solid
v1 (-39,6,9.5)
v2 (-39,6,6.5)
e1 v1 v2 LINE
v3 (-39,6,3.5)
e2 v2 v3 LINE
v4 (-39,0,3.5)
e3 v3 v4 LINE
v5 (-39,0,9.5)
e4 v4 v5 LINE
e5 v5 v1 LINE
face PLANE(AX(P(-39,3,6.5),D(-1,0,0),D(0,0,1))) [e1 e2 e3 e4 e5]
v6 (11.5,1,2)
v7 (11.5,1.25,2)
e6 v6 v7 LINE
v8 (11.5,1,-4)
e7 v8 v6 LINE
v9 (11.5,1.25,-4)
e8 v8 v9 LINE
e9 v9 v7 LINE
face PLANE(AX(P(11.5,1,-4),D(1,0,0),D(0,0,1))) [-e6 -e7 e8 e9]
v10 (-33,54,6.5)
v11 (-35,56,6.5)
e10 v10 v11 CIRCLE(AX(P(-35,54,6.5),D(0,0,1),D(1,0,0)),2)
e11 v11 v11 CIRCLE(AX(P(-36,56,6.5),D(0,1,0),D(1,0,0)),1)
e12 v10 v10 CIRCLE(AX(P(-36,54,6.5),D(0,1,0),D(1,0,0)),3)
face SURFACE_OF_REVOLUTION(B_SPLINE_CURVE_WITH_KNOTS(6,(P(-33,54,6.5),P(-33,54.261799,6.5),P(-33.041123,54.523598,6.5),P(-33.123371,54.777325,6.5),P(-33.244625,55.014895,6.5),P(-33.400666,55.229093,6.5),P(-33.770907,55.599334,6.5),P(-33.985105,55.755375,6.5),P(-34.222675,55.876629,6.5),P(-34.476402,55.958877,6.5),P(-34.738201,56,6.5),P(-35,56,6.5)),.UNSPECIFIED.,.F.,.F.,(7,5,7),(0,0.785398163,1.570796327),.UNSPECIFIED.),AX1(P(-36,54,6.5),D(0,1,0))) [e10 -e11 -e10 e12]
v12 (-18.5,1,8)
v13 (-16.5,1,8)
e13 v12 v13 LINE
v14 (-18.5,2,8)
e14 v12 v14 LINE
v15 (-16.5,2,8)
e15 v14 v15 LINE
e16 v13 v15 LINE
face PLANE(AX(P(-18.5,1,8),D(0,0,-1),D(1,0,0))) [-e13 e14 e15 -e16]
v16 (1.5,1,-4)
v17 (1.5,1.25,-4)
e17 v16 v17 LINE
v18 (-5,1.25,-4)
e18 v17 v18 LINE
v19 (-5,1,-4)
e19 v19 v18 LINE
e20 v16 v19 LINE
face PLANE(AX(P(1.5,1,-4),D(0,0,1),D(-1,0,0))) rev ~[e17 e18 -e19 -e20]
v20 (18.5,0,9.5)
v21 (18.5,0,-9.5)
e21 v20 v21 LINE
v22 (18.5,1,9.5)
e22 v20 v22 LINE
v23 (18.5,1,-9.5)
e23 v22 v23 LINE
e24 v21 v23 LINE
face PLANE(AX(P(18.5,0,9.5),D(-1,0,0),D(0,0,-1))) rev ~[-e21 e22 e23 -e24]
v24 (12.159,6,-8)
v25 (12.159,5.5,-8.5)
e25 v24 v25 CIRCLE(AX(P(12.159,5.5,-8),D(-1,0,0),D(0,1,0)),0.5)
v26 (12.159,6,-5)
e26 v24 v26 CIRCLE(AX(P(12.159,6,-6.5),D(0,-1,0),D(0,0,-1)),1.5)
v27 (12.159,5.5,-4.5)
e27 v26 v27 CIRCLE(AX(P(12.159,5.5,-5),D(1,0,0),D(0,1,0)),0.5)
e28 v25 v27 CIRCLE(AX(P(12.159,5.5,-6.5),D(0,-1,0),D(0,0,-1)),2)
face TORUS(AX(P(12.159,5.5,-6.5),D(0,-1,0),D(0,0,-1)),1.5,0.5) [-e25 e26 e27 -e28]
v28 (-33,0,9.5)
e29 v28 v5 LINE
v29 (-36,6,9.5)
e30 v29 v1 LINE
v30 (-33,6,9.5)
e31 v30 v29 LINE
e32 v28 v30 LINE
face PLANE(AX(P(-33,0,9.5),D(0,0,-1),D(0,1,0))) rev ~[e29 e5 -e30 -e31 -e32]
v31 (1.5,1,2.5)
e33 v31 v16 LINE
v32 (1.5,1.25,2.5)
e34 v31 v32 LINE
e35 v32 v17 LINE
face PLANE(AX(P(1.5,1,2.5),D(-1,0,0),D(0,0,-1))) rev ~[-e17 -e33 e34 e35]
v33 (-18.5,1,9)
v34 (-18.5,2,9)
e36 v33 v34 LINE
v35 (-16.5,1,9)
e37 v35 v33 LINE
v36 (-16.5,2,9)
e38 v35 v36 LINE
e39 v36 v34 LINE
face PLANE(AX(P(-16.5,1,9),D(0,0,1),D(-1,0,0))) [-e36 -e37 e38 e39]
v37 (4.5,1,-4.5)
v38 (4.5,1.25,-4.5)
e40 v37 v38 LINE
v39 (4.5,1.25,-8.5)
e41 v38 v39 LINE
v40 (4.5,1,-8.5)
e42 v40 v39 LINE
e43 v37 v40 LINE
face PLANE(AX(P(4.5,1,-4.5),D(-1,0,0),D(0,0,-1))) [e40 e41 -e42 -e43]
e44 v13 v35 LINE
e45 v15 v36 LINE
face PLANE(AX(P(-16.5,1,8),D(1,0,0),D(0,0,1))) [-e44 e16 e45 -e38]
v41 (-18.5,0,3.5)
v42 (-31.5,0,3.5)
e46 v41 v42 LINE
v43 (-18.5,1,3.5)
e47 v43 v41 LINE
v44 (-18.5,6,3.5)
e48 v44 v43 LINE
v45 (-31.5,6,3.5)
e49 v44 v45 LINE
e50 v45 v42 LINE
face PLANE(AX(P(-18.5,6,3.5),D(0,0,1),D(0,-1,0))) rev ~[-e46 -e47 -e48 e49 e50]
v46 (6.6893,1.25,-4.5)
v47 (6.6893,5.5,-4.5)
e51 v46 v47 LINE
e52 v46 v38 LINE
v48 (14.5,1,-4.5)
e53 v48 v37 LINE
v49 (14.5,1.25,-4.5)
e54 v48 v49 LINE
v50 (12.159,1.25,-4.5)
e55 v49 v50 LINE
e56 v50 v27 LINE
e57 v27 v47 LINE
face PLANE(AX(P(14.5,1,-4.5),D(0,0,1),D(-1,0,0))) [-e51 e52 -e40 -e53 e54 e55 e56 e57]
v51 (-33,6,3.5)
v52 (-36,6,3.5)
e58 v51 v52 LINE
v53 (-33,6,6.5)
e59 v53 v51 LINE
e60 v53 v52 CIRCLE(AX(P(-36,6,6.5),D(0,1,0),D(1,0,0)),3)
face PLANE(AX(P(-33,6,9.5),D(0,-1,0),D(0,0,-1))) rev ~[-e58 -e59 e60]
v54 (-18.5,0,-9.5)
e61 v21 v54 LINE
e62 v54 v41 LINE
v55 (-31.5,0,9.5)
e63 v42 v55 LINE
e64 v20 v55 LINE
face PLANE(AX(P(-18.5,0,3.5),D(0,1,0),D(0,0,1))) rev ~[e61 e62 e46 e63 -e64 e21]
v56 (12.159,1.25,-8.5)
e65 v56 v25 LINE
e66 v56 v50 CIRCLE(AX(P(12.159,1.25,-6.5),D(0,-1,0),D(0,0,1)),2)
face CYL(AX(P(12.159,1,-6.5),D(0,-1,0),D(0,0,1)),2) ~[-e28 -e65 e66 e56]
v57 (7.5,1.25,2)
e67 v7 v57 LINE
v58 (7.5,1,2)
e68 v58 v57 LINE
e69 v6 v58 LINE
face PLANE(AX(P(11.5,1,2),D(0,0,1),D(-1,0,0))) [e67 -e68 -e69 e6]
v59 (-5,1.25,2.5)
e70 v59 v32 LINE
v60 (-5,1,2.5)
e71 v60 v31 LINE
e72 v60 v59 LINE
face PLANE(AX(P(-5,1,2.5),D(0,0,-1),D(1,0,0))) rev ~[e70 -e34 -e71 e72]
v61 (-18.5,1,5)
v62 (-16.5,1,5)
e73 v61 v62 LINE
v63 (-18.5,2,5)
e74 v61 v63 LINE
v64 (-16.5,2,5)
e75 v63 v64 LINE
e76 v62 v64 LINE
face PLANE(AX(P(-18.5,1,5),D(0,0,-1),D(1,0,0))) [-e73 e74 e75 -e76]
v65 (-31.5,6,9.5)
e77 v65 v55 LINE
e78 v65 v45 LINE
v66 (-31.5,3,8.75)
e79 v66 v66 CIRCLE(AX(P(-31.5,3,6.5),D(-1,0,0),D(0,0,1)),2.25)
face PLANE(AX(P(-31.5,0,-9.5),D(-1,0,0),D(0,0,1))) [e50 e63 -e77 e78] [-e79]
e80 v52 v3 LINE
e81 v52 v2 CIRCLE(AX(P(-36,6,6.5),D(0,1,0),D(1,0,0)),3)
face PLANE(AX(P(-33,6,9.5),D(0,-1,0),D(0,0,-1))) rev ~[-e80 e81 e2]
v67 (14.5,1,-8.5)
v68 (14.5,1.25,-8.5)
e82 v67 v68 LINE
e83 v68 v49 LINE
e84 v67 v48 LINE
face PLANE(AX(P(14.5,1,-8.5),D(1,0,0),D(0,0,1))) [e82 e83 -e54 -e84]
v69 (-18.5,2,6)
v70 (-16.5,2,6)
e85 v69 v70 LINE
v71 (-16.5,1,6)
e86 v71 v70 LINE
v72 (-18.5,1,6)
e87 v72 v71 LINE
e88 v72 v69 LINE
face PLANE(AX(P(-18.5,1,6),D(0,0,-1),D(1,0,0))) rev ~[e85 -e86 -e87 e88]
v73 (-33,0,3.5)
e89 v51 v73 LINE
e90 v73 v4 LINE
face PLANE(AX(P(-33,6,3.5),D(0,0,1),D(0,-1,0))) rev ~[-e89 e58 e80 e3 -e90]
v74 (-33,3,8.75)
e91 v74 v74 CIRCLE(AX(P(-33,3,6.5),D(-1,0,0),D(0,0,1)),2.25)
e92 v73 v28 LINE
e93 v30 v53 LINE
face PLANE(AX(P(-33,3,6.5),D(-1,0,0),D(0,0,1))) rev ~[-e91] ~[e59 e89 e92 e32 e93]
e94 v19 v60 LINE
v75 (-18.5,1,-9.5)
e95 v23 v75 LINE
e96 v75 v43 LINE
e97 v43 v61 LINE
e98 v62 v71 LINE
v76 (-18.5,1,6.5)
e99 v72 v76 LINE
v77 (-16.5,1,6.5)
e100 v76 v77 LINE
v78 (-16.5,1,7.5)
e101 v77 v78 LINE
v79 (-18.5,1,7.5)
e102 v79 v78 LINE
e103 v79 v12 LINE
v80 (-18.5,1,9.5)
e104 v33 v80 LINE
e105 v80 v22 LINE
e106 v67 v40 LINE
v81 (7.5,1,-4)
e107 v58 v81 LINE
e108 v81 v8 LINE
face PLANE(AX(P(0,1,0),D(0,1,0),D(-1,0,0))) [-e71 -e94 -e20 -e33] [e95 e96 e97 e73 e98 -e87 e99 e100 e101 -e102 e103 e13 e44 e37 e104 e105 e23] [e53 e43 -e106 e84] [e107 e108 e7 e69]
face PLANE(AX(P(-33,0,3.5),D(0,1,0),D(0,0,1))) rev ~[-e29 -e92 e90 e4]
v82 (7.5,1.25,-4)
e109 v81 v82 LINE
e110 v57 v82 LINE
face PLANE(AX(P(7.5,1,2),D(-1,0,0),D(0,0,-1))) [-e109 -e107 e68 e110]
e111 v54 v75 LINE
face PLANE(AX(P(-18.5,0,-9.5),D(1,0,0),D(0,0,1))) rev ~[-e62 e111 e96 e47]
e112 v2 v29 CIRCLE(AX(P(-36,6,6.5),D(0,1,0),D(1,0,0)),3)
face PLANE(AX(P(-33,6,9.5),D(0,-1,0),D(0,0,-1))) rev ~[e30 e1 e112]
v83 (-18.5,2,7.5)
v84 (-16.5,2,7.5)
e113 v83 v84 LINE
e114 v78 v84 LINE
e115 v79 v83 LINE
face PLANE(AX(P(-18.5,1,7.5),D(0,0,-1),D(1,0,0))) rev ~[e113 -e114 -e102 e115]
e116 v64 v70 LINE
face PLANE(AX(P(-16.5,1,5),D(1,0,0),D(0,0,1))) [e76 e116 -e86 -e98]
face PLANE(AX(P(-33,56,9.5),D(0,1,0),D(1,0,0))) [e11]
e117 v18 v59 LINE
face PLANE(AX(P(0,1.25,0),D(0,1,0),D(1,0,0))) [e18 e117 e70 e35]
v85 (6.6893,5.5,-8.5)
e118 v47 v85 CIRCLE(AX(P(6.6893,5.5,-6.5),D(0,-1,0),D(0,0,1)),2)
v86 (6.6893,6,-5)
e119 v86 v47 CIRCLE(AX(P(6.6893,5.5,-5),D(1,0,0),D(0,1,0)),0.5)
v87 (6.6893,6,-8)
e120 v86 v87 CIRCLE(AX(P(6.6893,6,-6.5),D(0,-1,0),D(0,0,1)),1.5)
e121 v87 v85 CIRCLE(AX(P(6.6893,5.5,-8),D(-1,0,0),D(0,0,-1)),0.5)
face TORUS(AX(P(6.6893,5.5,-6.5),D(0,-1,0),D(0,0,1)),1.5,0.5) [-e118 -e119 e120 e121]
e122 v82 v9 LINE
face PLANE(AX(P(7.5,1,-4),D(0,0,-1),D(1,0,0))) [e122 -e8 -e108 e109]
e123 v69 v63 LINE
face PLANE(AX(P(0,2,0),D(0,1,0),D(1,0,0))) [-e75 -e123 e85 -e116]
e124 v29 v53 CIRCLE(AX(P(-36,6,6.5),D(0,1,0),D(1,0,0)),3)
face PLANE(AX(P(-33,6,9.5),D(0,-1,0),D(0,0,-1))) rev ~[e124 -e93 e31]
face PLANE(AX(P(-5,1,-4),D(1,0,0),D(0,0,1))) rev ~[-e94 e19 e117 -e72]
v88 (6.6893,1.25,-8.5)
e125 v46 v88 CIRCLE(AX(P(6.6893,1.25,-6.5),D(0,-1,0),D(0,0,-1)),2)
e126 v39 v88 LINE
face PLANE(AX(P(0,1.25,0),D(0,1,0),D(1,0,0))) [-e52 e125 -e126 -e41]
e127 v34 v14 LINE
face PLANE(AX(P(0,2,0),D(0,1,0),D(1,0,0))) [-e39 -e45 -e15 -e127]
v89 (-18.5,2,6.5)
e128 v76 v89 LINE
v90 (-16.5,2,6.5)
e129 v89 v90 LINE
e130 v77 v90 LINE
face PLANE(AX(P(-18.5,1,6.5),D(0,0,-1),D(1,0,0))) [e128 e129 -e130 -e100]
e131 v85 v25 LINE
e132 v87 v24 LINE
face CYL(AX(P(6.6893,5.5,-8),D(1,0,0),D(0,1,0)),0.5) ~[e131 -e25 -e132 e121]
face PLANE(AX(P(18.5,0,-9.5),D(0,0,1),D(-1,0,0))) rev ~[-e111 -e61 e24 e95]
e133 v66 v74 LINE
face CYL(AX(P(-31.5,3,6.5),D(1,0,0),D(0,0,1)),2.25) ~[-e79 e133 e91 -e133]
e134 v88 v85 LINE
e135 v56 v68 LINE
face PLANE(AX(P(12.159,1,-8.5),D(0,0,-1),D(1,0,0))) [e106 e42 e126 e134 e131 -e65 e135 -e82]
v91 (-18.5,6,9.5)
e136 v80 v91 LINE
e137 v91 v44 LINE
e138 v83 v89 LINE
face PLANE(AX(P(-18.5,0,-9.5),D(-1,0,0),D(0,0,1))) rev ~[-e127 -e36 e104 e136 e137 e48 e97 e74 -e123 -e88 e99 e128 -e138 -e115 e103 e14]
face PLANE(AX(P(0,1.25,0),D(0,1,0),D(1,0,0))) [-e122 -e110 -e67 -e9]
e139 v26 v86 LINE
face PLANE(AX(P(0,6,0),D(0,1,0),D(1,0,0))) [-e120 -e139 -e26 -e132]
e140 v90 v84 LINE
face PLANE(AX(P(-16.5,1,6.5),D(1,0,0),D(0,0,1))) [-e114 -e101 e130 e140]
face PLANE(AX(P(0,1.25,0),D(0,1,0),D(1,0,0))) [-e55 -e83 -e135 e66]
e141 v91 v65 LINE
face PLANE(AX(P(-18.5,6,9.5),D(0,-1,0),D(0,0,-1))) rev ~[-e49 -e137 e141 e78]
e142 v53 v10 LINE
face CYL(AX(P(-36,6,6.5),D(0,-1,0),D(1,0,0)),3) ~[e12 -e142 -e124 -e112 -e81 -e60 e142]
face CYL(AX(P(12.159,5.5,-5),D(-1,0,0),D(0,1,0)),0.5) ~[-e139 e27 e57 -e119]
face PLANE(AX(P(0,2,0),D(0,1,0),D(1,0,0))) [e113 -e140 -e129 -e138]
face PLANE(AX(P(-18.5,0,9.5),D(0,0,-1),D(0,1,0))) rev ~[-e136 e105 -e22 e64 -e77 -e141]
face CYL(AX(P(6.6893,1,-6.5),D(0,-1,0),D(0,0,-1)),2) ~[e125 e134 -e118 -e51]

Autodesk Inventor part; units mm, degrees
ref_plane "YZ Plane" through (0, 0, 0) normal (1, 0, 0) x (0, 1, 0)
ref_plane "XZ Plane" through (0, 0, 0) normal (0, 1, 0) x (-1, 0, 0)
ref_plane "XY Plane" through (0, 0, 0) normal (0, 0, 1) x (1, 0, 0)
sketch "Sketch1" plane through (0, 0, 0) normal (0, 1, 0) x (-1, 0, 0)
  line L0 (-18.5, 9.5) -> (-18.5, -9.5)
  line L1 (-18.5, -9.5) -> (18.5, -9.5)
  line L2 (18.5, -9.5) -> (18.5, 9.5)
  line L3 (18.5, 9.5) -> (-18.5, 9.5)
  line L4 (-18.5, 9.5) -> (18.5, -9.5) construction
  line L5 (-18.5, -9.5) -> (18.5, 9.5) construction
  point P0 (0, 0)
  dimension "d0" = 19
  dimension "d1" = 37
extrude "Extrusion1" add sketch "Sketch1" along normal blind 1
sketch "Sketch2" plane through (0, 1, 0) normal (0, 1, 0) x (1, 0, 0)
  line L0 (-18.5, 9.5) -> (-18.5, -9.5) construction
  line L1 (18.5, 9.5) -> (-18.5, 9.5) construction
  line L2 (-18.5, -9.5) -> (18.5, 9.5) construction
  line L3 (18.5, -9.5) -> (18.5, 9.5) construction
  line L4 (-18.5, 9.5) -> (18.5, -9.5) construction
  line L5 (-18.5, 0) -> (18.5, 0) construction
  line L6 (0, -9.5) -> (0, 9.5) construction
  line L7 (18.5, 9.5) -> (14.5, 9.5) construction
  line L8 (14.5, 9.5) -> (14.5, 8.5) construction
  line L9 (14.5, 8.5) -> (14.5, 4.5)
  line L10 (14.5, 4.5) -> (4.5, 4.5)
  line L11 (4.5, 4.5) -> (4.5, 8.5)
  line L12 (4.5, 8.5) -> (14.5, 8.5)
  line L13 (4.5, 4.5) -> (14.5, 8.5) construction
  line L14 (4.5, 8.5) -> (14.5, 4.5) construction
  line L15 (6.6893, 4.5) -> (6.6893, 8.5) construction
  line L16 (6.6893, 5.3757) -> (14.5, 5.3757) construction
  line L17 (12.159, 4.5) -> (12.159, 8.5) construction
  line L18 (6.6893, 6.5) -> (12.159, 6.5) construction
  line L19 (6.6893, 8.5) -> (12.159, 8.5)
  line L20 (12.159, 4.5) -> (6.6893, 4.5)
  arc A0 (6.6893, 8.5) -> (6.6893, 4.5) centre (6.6893, 6.5) ccw
  arc A1 (12.159, 4.5) -> (12.159, 8.5) centre (12.159, 6.5) ccw
  line L21 (18.5, 4.5) -> (11.5, 4.5) construction
  line L22 (11.5, 4.5) -> (11.5, 4) construction
  line L23 (11.5, 4) -> (11.5, -2)
  line L24 (11.5, -2) -> (7.5, -2)
  line L25 (7.5, -2) -> (7.5, 4)
  line L26 (7.5, 4) -> (11.5, 4)
  line L27 (7.5, 4) -> (1.5, 4) construction
  line L28 (1.5, 4) -> (-5, 4)
  line L29 (-5, 4) -> (-5, -2.5)
  line L30 (-5, -2.5) -> (1.5, -2.5)
  line L31 (1.5, -2.5) -> (1.5, 4)
  line L32 (-18.5, -9.5) -> (-18.5, -9)
  line L33 (-18.5, -9) -> (-18.5, -8)
  line L34 (-18.5, -8) -> (-18.5, -7.5)
  line L35 (-18.5, -7.5) -> (-18.5, -6.5)
  line L36 (-18.5, -6.5) -> (-18.5, -6)
  line L37 (-18.5, -6) -> (-18.5, -5)
  line L38 (-18.5, -5) -> (-16.5, -5)
  line L39 (-16.5, -5) -> (-16.5, -9)
  line L40 (-16.5, -9) -> (-18.5, -9)
  line L41 (-18.5, -8) -> (-16.5, -8)
  line L42 (-18.5, -7.5) -> (-16.5, -7.5)
  line L43 (-18.5, -6.5) -> (-16.5, -6.5)
  line L44 (-18.5, -6) -> (-16.5, -6)
  point P0 (0, 0)
  point P1 (9.4242, 6.5)
  dimension "d4" = 4
  dimension "d5" = 1
  dimension "d6" = 4
  dimension "d7" = 10
  dimension "d8" = 7
  dimension "d9" = 0.5
  dimension "d10" = 6
  dimension "d11" = 4
  dimension "d12" = 6
  dimension "d13" = 6.5
  dimension "d14" = 6.5
  dimension "d15" = 0.5
  dimension "d16" = 1
  dimension "d17" = 0.5
  dimension "d18" = 1
  dimension "d19" = 0.5
  dimension "d20" = 1
  dimension "d21" = 2
extrude "Extrusion2" add sketch "Sketch2" along normal blind 0.25 contours L9 L10 A1 L12 | A1 L10 A0 L12 | A0 L10 L11 L12 | L23 L24 L25 L26 | L31 L30 L29 L28
extrude "Extrusion3" add sketch "Sketch2" along normal blind 1 contours L33 L41 L39 L40 | L35 L43 L39 L42 | L37 L38 L39 L44
sketch "Sketch3" plane through (-18.5, 0, -9.5) normal (-1, 0, 0) x (0, 0, 1)
  line L0 (19, 0) -> (19, 1) projected
  line L1 (19, 0) -> (19, 6)
  line L2 (19, 6) -> (13, 6)
  line L3 (13, 6) -> (13, 0)
  line L4 (0, 0) -> (19, 0) projected
  point P0 (9.5, 0)
  dimension "d26" = 6
  dimension "d27" = 6
extrude "Extrusion4" add sketch "Sketch3" along normal blind 13
sketch "Sketch4" plane through (-31.5, 0, -9.5) normal (-1, 0, 0) x (0, 0, 1)
  line L0 (13, 6) -> (13, 1) construction
  line L1 (19, 0) -> (19, 1) construction
  line L2 (13, 6) -> (19, 0) construction
  line L3 (19, 0) -> (19, 6) construction
  line L4 (19, 6) -> (13, 0) construction
  circle A0 centre (16, 3) radius 2.25
  point P0 (9.5, 0)
  dimension "d30" = 4.5
extrude "Extrusion5" add sketch "Sketch4" along normal blind 1.5
sketch "Sketch5" plane through (-33, 3, 6.5) normal (-1, 0, 0) x (0, 0, 1)
  line L0 (3, -3) -> (3, 3)
  line L1 (3, 3) -> (-3, 3)
  line L2 (-3, 3) -> (-3, -3)
  line L3 (-3, -3) -> (3, -3)
  line L4 (3, -3) -> (-3, 3) construction
  line L5 (3, 3) -> (-3, -3) construction
  point P0 (-6.5, -3)
  point P1 (0, 0)
  dimension "d33" = 6
  dimension "d34" = 6
extrude "Extrusion6" add sketch "Sketch5" along normal blind 6
sketch "Sketch6" plane through (-33, 6, 9.5) normal (0, 1, 0) x (1, 0, 0)
  line L0 (-6, 0) -> (-6, 6) construction
  line L1 (-6, 6) -> (0, 0) construction
  line L2 (0, 0) -> (0, 6) construction
  line L3 (0, 6) -> (-6, 0) construction
  circle A0 centre (-3, 3) radius 3
  point P0 (33, 9.5)
extrude "Extrusion7" add sketch "Sketch6" along normal blind 50
fillet "Fillet1" radius 2 1 edges at (-39, 56, 6.5)
extrude "Extrusion8" add sketch "Sketch2" along normal blind 5 contours A1 L10 A0 L12
fillet "Fillet2" radius 0.5 4 edges at (9.4242, 6, -4.5) (14.159, 6, -6.5) (9.4242, 6, -8.5) (4.6893, 6, -6.5)
properties part number "APC 220"
